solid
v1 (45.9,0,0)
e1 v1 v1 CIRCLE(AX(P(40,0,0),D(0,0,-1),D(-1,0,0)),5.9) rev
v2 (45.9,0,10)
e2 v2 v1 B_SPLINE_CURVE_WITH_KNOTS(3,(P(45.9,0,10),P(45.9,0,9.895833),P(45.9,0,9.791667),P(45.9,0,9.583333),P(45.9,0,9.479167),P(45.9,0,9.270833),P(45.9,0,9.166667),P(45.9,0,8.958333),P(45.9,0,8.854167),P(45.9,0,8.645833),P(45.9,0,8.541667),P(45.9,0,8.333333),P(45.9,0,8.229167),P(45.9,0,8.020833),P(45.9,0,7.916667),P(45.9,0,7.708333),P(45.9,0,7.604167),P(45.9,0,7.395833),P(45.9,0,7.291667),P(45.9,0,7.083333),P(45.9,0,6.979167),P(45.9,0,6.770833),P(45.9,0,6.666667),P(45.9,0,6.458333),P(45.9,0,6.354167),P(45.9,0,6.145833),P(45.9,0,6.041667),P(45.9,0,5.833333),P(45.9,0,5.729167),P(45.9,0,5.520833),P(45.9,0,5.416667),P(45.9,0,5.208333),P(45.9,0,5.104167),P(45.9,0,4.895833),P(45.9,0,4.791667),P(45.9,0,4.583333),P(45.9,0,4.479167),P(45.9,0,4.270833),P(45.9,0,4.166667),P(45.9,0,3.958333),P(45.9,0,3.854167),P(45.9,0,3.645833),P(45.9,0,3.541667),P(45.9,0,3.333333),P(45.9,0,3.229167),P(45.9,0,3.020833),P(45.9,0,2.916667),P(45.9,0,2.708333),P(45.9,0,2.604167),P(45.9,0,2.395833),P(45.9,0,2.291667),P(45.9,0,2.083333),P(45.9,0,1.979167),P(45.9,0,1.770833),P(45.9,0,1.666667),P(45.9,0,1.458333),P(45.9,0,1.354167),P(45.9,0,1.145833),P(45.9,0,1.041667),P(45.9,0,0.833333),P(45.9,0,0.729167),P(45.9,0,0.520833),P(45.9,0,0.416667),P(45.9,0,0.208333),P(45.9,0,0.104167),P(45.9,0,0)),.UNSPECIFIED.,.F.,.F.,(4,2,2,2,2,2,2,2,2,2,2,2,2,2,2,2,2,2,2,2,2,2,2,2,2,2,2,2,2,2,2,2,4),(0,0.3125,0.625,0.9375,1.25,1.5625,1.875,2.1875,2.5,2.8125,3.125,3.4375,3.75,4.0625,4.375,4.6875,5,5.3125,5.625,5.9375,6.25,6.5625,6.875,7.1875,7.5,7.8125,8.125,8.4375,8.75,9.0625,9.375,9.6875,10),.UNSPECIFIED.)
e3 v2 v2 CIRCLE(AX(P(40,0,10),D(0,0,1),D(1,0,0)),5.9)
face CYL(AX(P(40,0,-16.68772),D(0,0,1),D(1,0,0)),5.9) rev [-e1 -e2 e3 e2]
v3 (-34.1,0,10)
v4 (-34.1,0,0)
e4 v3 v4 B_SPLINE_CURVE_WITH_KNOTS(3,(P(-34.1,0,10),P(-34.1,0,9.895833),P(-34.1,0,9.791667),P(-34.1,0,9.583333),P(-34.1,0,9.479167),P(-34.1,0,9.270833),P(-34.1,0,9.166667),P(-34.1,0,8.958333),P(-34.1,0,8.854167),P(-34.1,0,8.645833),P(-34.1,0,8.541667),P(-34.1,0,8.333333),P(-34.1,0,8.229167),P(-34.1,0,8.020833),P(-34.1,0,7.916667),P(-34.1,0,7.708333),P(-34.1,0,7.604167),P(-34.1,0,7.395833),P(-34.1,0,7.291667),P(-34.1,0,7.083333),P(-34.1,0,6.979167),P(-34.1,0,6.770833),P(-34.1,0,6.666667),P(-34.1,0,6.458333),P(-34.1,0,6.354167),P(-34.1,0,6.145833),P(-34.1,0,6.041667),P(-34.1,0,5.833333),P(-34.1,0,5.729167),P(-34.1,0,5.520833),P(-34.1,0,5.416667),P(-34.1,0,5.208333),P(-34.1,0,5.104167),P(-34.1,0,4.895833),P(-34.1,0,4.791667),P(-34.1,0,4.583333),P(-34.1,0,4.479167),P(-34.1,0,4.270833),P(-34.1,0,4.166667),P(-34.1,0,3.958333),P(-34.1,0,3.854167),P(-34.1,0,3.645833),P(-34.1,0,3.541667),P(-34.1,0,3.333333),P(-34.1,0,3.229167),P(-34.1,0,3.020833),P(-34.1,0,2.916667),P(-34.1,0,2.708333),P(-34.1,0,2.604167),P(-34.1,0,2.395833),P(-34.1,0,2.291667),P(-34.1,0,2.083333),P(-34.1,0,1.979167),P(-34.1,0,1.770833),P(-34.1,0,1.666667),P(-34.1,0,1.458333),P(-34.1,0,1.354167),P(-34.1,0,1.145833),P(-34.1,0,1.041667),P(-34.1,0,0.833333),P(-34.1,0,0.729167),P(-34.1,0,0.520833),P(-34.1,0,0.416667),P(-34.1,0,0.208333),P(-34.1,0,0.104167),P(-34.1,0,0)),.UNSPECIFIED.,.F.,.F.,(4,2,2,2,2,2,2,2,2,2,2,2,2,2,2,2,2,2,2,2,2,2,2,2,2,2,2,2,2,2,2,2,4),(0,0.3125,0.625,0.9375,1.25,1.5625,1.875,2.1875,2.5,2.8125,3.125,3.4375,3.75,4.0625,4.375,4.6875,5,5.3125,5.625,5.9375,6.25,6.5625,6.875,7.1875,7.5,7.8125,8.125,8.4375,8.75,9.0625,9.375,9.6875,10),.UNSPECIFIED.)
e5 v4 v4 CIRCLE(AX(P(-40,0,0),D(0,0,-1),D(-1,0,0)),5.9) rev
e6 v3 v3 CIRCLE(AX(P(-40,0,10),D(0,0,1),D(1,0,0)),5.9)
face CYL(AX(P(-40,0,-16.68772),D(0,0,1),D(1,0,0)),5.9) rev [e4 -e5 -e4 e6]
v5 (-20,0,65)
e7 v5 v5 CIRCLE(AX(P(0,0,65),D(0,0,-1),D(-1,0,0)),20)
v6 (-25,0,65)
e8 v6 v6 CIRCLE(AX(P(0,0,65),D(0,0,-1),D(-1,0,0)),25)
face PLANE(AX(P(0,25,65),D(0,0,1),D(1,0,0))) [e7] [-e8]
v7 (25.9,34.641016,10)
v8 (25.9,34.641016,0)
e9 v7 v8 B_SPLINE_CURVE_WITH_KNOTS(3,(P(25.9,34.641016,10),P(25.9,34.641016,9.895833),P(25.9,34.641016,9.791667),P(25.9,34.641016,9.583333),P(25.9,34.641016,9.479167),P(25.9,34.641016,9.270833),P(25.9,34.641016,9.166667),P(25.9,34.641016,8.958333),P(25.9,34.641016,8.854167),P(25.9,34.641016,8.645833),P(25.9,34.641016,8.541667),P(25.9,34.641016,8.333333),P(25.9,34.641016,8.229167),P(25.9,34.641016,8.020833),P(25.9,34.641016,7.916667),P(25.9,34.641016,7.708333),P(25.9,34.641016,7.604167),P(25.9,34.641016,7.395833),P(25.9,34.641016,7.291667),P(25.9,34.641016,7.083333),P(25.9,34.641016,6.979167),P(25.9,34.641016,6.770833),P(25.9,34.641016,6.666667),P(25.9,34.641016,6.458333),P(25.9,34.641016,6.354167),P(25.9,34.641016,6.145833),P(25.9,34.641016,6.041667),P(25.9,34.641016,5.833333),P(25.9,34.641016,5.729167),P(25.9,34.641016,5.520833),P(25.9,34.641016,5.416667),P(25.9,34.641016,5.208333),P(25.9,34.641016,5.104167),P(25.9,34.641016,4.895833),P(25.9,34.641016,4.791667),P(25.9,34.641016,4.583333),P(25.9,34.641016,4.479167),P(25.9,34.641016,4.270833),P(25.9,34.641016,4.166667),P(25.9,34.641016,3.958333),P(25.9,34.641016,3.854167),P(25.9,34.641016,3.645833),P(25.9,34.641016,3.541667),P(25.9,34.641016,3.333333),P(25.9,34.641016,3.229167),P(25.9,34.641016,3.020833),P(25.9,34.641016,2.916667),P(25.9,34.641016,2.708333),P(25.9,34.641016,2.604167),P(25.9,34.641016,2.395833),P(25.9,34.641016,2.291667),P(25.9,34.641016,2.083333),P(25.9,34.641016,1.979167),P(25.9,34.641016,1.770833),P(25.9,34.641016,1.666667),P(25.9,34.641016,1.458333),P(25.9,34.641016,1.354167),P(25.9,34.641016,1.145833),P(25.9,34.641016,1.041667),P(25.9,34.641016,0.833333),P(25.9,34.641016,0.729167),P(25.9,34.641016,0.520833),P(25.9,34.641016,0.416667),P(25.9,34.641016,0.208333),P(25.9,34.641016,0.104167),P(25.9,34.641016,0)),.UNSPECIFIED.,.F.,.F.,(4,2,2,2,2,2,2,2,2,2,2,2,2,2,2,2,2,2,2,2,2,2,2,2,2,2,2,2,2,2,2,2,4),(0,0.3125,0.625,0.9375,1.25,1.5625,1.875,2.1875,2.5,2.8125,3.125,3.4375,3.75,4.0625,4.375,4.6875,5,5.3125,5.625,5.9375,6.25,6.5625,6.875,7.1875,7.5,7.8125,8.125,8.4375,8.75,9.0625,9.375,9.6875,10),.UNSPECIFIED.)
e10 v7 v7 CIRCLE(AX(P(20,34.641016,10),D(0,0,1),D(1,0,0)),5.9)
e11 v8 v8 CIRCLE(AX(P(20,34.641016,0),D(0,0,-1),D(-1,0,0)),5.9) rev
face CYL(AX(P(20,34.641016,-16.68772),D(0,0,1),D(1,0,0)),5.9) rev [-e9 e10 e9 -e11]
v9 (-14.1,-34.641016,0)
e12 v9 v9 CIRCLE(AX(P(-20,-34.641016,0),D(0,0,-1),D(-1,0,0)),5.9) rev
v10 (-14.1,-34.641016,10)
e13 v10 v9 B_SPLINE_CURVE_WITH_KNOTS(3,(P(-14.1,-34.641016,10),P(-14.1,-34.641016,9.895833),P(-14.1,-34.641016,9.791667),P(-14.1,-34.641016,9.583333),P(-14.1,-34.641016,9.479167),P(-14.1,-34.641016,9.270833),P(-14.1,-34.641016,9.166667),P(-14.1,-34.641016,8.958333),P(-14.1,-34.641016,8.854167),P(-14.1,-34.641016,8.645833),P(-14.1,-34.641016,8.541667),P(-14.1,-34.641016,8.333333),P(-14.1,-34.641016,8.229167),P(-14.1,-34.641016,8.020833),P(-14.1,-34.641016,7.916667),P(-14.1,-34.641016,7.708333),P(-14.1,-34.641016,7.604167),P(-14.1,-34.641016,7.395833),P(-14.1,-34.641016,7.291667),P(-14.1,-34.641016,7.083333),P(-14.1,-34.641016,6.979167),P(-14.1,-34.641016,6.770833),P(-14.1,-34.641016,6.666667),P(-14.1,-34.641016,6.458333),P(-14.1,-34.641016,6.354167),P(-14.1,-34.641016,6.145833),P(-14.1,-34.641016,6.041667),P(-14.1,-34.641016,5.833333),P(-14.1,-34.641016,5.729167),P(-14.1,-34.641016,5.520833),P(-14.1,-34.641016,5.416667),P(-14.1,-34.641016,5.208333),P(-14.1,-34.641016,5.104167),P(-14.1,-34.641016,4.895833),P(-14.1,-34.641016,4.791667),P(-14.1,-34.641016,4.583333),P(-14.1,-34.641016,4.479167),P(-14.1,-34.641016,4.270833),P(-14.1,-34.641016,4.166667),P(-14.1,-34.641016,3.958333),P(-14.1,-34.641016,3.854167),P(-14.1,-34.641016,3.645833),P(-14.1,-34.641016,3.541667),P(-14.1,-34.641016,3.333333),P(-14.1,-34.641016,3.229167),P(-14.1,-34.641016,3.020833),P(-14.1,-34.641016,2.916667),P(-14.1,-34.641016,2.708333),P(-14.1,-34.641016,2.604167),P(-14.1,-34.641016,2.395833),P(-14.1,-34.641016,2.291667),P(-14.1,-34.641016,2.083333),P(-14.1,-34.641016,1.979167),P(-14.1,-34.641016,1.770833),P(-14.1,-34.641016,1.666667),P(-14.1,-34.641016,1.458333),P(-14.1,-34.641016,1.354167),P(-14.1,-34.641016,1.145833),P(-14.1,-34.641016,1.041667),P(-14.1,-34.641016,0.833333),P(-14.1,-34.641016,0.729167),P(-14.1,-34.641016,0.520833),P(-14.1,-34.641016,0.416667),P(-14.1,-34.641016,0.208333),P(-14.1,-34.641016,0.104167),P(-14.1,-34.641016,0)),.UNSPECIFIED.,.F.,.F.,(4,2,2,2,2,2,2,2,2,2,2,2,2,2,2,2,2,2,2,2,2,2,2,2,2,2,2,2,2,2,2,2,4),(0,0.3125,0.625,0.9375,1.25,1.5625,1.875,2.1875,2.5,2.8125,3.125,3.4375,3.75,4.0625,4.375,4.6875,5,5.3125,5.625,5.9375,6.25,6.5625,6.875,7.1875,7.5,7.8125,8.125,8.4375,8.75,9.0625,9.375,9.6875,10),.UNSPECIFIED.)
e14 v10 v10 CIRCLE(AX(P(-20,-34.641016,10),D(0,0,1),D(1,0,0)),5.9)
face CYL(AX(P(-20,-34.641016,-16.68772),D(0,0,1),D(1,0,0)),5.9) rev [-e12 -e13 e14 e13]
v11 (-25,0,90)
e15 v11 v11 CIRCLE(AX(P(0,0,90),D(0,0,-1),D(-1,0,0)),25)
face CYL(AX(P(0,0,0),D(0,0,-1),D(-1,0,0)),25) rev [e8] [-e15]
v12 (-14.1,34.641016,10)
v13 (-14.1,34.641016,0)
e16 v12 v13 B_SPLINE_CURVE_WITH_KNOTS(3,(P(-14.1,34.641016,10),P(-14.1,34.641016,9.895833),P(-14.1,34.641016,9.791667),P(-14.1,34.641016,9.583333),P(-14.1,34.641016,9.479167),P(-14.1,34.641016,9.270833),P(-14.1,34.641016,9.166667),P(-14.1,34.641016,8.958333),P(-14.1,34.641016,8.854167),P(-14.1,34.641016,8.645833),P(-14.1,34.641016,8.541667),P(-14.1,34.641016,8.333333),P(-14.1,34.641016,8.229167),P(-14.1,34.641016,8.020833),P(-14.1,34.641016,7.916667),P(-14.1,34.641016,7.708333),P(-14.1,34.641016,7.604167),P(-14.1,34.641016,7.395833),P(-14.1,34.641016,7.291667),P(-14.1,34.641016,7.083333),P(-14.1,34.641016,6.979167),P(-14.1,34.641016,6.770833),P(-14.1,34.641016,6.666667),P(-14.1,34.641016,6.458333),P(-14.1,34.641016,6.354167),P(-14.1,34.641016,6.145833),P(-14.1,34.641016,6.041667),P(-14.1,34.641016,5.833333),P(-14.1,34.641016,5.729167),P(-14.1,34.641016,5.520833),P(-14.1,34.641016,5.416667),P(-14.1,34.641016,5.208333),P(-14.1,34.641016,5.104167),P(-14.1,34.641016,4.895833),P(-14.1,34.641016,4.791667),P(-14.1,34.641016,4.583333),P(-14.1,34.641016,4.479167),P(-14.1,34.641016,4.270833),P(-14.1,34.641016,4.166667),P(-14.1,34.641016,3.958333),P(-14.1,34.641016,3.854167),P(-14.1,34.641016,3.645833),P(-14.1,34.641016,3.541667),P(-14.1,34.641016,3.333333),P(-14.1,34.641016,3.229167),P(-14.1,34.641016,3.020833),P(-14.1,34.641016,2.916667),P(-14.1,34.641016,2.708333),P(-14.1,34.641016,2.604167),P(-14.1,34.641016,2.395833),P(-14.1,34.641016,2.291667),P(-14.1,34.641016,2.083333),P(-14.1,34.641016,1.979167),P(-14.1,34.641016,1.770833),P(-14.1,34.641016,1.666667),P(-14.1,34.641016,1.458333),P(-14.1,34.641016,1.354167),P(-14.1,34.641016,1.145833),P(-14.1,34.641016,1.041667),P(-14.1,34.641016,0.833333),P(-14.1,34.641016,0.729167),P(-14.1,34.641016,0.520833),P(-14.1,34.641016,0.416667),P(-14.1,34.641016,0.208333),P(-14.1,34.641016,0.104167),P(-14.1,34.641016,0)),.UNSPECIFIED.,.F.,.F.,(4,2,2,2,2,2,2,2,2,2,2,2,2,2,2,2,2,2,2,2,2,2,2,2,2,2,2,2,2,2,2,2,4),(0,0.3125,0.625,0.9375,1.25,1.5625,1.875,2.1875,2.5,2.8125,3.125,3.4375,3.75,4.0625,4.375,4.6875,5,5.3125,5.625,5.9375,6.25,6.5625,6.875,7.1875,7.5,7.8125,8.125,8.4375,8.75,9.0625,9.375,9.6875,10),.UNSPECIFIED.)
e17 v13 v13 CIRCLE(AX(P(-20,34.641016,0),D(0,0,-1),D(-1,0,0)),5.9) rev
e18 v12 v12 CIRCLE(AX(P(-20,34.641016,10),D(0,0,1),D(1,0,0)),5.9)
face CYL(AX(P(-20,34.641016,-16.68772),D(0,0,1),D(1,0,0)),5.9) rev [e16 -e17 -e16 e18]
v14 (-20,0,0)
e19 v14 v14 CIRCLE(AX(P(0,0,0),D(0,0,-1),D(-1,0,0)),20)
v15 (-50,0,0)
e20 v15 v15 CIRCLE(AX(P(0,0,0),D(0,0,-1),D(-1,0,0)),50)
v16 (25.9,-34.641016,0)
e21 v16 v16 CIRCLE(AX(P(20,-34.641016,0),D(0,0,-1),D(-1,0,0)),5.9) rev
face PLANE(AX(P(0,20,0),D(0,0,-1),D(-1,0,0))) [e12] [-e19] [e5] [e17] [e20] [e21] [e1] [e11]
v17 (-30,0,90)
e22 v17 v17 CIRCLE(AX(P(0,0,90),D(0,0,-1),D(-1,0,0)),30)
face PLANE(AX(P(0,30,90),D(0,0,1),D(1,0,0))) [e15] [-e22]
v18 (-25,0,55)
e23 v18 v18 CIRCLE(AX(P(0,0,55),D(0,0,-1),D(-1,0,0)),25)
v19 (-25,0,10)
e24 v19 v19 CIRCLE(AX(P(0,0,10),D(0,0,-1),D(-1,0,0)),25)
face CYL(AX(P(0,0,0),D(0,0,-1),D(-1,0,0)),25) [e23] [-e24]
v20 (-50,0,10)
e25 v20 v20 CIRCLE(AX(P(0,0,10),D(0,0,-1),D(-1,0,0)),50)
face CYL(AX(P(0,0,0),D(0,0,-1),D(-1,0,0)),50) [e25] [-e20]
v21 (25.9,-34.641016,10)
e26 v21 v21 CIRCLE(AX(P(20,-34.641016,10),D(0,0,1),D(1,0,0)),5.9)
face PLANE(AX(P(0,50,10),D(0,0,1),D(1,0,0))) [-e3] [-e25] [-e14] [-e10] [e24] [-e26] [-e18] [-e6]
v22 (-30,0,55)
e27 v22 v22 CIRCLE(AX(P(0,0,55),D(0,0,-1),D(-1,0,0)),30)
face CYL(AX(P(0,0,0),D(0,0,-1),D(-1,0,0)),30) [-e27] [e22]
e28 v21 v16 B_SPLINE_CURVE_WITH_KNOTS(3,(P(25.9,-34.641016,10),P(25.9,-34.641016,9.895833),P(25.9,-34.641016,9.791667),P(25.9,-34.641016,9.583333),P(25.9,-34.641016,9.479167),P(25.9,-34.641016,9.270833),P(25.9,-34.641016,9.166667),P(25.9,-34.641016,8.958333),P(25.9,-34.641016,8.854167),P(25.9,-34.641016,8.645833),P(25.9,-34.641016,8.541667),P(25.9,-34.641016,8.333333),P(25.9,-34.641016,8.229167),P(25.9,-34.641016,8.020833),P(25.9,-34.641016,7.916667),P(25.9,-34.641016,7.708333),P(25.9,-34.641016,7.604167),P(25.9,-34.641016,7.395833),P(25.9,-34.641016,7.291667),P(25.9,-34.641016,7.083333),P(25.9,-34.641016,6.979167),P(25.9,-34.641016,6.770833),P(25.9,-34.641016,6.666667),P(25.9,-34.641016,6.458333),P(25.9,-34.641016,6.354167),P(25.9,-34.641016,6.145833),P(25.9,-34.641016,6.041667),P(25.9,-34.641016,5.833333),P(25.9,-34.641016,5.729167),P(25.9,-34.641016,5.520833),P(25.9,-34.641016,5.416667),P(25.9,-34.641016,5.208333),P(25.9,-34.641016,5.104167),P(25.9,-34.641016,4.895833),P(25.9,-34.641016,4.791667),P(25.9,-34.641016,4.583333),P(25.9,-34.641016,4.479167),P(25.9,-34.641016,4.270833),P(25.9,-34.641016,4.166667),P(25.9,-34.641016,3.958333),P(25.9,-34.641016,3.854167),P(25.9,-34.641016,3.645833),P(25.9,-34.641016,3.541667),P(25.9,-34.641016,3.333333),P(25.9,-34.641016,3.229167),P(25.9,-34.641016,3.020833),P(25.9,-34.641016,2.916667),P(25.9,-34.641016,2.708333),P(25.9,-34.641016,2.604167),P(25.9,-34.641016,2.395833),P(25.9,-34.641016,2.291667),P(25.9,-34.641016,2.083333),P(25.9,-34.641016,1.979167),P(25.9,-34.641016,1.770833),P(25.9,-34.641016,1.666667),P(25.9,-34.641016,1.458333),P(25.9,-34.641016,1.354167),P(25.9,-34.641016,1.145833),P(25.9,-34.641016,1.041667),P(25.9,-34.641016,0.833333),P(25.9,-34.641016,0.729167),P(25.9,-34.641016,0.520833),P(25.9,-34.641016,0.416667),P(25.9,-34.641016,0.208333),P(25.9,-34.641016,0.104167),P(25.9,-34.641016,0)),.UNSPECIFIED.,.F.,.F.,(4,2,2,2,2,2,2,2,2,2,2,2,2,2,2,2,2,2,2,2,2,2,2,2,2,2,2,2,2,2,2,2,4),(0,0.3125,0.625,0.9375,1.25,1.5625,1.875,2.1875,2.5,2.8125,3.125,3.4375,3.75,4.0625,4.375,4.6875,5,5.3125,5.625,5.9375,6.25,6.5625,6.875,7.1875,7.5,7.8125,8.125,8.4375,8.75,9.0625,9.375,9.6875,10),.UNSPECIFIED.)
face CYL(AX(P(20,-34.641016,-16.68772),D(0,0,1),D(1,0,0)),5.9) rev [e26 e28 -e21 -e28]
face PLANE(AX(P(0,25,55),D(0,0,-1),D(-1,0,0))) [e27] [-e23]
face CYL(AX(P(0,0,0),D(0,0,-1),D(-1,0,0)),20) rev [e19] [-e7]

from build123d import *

# Parameters (mm, degrees)
SKETCH2_R          = 5.9
CUT_EXTRUDE1_DEPTH = 10


with BuildPart() as part:
    # Sketch1 → Revolve1 (revolve)
    with BuildSketch(Plane(origin=(0, 0, 0), x_dir=(0, 0, -1), z_dir=(1, 0, 0)), mode=Mode.PRIVATE) as revolve1_sk:
        Polygon((0, 20), (0, 50), (-10, 50), (-10, 25), (-55, 25), (-55, 30), (-90, 30), (-90, 25), (-65, 25), (-65, 20), align=None)
    revolve(revolve1_sk.sketch.rotate(Axis((0, 0, 0), (0, 0, 1)), 90), axis=Axis((0, 0, 0), (0, 0, 1)))

    # Sketch2 → Cut-Extrude1 (cut)
    with BuildSketch(Plane.XY.offset(10)):
        with Locations((40, 0)):
            Circle(SKETCH2_R)
        with Locations((20, -34.641016151)):
            Circle(SKETCH2_R)
        with Locations((-20, -34.641016151)):
            Circle(SKETCH2_R)
        with Locations((-40, 0)):
            Circle(SKETCH2_R)
        with Locations((-20, 34.641016151)):
            Circle(SKETCH2_R)
        with Locations((20, 34.641016151)):
            Circle(SKETCH2_R)
    extrude(amount=-CUT_EXTRUDE1_DEPTH, mode=Mode.SUBTRACT)


solid = part.part
